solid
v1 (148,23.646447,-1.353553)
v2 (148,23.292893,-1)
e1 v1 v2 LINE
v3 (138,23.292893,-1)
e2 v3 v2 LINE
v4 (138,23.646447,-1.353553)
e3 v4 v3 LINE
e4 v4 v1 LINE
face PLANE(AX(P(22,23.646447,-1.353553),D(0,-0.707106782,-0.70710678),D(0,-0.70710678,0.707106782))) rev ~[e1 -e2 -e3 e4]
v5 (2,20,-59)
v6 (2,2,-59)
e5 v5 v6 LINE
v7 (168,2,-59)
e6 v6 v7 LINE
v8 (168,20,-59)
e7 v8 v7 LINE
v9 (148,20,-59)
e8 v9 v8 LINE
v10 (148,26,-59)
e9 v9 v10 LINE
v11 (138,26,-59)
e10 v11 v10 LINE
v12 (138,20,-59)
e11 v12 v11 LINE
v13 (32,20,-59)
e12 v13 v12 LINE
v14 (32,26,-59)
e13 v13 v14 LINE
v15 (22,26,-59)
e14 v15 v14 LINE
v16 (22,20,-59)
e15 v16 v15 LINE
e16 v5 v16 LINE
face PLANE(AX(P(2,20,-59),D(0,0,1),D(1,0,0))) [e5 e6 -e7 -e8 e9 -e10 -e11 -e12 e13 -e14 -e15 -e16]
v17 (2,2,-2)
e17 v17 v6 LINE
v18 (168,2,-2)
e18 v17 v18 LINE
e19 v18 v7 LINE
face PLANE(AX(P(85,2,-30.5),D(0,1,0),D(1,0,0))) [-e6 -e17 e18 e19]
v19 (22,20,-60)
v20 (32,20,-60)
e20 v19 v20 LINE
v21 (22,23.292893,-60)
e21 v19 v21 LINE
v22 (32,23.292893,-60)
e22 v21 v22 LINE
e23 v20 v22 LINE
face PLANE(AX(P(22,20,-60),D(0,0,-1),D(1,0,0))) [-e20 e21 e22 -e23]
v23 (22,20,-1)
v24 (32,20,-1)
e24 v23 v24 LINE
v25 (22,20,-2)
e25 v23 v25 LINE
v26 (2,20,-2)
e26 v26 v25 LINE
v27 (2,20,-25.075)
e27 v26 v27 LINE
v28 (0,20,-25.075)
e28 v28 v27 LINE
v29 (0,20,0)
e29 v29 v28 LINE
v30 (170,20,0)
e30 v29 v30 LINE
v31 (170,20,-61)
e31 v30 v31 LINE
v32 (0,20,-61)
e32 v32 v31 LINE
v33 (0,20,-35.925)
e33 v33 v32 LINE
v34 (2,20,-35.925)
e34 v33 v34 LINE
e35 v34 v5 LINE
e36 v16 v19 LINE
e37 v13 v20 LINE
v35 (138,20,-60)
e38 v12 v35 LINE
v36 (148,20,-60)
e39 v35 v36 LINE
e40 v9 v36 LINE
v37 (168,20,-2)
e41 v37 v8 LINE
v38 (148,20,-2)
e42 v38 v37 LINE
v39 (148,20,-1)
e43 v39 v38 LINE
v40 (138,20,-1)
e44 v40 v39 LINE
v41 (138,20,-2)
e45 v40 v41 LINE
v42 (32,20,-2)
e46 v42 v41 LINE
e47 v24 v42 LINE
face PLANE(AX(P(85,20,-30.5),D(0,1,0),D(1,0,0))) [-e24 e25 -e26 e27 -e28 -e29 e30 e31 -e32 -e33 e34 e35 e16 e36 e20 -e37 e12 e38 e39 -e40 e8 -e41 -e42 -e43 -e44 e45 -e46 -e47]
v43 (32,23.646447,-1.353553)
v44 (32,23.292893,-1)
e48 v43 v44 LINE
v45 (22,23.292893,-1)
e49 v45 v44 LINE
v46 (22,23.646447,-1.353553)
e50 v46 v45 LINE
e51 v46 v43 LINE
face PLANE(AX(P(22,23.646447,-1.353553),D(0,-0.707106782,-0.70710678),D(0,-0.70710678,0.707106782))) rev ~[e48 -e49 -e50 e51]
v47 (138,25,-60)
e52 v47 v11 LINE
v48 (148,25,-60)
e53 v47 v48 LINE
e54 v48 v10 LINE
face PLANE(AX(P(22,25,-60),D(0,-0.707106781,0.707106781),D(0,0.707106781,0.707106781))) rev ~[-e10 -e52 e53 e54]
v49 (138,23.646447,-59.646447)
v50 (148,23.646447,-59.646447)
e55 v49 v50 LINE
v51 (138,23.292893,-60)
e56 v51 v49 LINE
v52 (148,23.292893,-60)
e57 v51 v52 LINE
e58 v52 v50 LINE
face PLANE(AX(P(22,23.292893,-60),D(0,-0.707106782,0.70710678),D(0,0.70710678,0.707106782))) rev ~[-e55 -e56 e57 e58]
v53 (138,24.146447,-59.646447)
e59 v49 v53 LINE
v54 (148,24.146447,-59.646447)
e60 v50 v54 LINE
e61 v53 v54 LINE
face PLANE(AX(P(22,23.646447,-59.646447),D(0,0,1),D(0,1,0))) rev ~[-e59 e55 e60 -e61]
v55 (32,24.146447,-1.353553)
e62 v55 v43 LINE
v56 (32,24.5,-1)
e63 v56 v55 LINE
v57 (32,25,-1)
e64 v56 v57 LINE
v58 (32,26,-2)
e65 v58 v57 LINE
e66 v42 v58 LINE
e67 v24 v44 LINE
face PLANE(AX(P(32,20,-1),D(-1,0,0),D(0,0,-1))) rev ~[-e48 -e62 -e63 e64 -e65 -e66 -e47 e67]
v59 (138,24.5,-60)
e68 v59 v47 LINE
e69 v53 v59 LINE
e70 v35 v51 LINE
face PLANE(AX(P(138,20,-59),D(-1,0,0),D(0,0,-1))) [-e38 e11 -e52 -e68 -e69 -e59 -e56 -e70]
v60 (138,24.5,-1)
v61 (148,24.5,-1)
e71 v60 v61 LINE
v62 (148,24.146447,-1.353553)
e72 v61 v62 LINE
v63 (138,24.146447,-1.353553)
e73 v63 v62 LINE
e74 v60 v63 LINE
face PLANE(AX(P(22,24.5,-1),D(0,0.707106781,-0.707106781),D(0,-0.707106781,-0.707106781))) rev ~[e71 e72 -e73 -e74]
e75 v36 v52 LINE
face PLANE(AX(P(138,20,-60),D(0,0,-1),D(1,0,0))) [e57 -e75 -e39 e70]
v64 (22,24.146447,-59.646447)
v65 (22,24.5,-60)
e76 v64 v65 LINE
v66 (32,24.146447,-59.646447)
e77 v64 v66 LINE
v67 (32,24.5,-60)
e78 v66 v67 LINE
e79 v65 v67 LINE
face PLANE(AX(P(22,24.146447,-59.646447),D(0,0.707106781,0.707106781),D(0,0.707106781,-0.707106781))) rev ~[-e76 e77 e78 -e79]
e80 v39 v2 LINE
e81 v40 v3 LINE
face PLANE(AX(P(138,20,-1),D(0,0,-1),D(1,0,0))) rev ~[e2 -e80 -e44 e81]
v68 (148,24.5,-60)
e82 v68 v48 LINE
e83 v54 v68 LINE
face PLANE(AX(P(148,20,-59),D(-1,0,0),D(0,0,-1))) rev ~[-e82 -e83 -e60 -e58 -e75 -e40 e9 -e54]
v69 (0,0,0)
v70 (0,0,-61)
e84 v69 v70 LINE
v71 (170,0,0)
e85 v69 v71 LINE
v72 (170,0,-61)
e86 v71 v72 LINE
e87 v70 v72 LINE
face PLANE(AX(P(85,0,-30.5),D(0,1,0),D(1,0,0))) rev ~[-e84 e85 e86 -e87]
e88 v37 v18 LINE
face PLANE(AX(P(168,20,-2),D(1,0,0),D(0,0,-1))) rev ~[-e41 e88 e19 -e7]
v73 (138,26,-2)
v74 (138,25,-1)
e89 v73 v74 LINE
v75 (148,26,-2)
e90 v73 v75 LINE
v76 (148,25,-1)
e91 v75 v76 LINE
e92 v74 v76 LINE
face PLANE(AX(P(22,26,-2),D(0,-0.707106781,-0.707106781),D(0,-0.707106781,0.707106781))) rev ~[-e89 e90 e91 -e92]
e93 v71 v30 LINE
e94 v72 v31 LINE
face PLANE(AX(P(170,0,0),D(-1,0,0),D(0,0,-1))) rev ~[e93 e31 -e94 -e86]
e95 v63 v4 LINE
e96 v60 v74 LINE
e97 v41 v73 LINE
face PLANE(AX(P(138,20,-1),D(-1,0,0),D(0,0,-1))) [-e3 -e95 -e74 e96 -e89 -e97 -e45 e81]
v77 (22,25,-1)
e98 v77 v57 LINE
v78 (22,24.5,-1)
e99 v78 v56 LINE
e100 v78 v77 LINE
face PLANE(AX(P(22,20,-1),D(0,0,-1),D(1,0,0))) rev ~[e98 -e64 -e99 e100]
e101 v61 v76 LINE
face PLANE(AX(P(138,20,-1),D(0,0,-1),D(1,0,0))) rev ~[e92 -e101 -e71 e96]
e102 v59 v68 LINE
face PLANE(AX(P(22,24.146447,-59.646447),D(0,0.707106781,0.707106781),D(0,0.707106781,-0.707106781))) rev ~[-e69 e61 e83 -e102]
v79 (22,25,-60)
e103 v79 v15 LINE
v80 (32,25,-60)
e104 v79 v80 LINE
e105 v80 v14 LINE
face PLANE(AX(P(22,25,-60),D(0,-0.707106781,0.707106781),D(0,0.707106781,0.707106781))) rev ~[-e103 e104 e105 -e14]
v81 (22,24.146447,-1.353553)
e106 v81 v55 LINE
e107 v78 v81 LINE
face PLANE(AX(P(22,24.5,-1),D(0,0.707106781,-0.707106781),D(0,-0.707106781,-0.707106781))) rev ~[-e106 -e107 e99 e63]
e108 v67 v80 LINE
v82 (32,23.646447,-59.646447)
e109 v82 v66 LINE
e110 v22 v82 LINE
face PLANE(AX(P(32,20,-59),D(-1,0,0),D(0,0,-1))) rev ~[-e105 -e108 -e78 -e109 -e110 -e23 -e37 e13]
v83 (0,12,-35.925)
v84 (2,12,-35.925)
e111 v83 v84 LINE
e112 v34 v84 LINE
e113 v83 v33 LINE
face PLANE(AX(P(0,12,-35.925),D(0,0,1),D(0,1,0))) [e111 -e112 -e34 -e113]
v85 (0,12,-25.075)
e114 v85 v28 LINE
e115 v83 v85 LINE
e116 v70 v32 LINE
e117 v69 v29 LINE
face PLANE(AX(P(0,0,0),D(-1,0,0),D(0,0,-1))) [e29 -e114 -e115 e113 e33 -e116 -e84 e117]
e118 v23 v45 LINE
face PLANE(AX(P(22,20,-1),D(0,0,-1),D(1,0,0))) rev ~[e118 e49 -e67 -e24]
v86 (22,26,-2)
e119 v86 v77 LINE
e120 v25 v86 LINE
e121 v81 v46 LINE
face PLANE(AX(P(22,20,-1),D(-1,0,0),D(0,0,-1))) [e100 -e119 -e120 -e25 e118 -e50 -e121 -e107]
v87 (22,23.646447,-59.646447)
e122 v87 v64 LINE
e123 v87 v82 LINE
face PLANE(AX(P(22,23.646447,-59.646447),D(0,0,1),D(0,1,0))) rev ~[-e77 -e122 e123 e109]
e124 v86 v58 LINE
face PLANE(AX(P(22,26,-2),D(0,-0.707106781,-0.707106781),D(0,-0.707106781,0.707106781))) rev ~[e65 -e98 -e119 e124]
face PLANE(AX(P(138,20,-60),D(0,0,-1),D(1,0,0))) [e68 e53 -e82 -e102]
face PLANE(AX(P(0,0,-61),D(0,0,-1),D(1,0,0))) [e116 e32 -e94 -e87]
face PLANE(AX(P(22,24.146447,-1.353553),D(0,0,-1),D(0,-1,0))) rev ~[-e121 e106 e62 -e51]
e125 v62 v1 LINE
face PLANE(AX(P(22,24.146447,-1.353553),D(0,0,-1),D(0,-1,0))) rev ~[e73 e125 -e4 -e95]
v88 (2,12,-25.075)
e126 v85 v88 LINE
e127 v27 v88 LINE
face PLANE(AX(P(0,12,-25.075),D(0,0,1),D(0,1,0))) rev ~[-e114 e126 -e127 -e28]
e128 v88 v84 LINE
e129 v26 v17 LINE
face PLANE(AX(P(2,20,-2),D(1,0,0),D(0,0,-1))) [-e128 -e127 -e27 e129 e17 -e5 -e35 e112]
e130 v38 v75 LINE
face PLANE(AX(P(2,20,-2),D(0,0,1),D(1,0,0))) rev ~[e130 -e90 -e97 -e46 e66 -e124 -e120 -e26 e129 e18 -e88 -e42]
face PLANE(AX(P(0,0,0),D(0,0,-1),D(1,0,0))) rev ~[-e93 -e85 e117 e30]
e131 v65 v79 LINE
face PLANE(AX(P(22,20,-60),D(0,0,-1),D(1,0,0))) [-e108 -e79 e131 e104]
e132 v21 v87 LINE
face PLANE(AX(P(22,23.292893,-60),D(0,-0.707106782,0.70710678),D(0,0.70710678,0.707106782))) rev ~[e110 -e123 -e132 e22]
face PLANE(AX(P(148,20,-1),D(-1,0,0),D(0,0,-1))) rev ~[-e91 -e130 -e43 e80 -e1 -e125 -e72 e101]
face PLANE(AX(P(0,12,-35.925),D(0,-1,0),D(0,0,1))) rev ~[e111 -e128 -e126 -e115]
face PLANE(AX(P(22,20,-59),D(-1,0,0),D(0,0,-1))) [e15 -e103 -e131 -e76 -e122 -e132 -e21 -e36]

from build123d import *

# Parameters (mm, degrees)
SKETCH1_W           = 170
SKETCH1_H           = 61
BOSS_EXTRUDE1_DEPTH = 20
SKETCH2_W           = 166
SKETCH2_H           = 57
CUT_EXTRUDE1_DEPTH  = 18
SKETCH3_W           = 10
SKETCH3_H           = 1
BOSS_EXTRUDE2_DEPTH = 6
CUT_EXTRUDE2_DEPTH  = 200
SKETCH5_W           = 10.85
SKETCH5_H           = 8
CUT_EXTRUDE3_DEPTH  = 5


with BuildPart() as part:
    # Sketch1 → Boss-Extrude1 (new body)
    with BuildSketch(Plane(origin=(0, 0, 0), x_dir=(1, 0, 0), z_dir=(0, 1, 0))):
        with Locations((85, 30.5)):
            Rectangle(SKETCH1_W, SKETCH1_H)
    extrude(amount=BOSS_EXTRUDE1_DEPTH)

    # Sketch2 → Cut-Extrude1 (cut)
    with BuildSketch(Plane(origin=(0, 20, 0), x_dir=(1, 0, 0), z_dir=(0, 1, 0))):
        with Locations((85, 30.5)):
            Rectangle(SKETCH2_W, SKETCH2_H)
    extrude(amount=-CUT_EXTRUDE1_DEPTH, mode=Mode.SUBTRACT)

    # Sketch3 → Boss-Extrude2 (add)
    with BuildSketch(Plane(origin=(0, 20, 0), x_dir=(1, 0, 0), z_dir=(0, 1, 0))):
        with Locations((27, 1.5)):
            Rectangle(SKETCH3_W, SKETCH3_H)
        with Locations((143, 1.5)):
            Rectangle(SKETCH3_W, SKETCH3_H)
        with Locations((27, 59.5)):
            Rectangle(SKETCH3_W, SKETCH3_H)
        with Locations((143, 59.5)):
            Rectangle(SKETCH3_W, SKETCH3_H)
    extrude(amount=BOSS_EXTRUDE2_DEPTH)

    # Sketch4 → Cut-Extrude2 (cut)
    with BuildSketch(Plane.ZY.offset(-22)):
        Polygon((-60, 25), (-59, 26), (-60, 26), align=None)
        Polygon((-59.646446609, 24.146446609), (-60, 24.5), (-60, 23.292893219), (-59.646446609, 23.646446609), align=None)
        Polygon((-1, 26), (-2, 26), (-1, 25), align=None)
        Polygon((-1, 23.292893219), (-1, 24.5), (-1.353553391, 24.146446609), (-1.353553391, 23.646446609), align=None)
    extrude(amount=-CUT_EXTRUDE2_DEPTH, mode=Mode.SUBTRACT)

    # Sketch5 → Cut-Extrude3 (cut)
    with BuildSketch(Plane.ZY):
        with Locations((-30.5, 16)):
            Rectangle(SKETCH5_W, SKETCH5_H)
    extrude(amount=-CUT_EXTRUDE3_DEPTH, mode=Mode.SUBTRACT)


solid = part.part
